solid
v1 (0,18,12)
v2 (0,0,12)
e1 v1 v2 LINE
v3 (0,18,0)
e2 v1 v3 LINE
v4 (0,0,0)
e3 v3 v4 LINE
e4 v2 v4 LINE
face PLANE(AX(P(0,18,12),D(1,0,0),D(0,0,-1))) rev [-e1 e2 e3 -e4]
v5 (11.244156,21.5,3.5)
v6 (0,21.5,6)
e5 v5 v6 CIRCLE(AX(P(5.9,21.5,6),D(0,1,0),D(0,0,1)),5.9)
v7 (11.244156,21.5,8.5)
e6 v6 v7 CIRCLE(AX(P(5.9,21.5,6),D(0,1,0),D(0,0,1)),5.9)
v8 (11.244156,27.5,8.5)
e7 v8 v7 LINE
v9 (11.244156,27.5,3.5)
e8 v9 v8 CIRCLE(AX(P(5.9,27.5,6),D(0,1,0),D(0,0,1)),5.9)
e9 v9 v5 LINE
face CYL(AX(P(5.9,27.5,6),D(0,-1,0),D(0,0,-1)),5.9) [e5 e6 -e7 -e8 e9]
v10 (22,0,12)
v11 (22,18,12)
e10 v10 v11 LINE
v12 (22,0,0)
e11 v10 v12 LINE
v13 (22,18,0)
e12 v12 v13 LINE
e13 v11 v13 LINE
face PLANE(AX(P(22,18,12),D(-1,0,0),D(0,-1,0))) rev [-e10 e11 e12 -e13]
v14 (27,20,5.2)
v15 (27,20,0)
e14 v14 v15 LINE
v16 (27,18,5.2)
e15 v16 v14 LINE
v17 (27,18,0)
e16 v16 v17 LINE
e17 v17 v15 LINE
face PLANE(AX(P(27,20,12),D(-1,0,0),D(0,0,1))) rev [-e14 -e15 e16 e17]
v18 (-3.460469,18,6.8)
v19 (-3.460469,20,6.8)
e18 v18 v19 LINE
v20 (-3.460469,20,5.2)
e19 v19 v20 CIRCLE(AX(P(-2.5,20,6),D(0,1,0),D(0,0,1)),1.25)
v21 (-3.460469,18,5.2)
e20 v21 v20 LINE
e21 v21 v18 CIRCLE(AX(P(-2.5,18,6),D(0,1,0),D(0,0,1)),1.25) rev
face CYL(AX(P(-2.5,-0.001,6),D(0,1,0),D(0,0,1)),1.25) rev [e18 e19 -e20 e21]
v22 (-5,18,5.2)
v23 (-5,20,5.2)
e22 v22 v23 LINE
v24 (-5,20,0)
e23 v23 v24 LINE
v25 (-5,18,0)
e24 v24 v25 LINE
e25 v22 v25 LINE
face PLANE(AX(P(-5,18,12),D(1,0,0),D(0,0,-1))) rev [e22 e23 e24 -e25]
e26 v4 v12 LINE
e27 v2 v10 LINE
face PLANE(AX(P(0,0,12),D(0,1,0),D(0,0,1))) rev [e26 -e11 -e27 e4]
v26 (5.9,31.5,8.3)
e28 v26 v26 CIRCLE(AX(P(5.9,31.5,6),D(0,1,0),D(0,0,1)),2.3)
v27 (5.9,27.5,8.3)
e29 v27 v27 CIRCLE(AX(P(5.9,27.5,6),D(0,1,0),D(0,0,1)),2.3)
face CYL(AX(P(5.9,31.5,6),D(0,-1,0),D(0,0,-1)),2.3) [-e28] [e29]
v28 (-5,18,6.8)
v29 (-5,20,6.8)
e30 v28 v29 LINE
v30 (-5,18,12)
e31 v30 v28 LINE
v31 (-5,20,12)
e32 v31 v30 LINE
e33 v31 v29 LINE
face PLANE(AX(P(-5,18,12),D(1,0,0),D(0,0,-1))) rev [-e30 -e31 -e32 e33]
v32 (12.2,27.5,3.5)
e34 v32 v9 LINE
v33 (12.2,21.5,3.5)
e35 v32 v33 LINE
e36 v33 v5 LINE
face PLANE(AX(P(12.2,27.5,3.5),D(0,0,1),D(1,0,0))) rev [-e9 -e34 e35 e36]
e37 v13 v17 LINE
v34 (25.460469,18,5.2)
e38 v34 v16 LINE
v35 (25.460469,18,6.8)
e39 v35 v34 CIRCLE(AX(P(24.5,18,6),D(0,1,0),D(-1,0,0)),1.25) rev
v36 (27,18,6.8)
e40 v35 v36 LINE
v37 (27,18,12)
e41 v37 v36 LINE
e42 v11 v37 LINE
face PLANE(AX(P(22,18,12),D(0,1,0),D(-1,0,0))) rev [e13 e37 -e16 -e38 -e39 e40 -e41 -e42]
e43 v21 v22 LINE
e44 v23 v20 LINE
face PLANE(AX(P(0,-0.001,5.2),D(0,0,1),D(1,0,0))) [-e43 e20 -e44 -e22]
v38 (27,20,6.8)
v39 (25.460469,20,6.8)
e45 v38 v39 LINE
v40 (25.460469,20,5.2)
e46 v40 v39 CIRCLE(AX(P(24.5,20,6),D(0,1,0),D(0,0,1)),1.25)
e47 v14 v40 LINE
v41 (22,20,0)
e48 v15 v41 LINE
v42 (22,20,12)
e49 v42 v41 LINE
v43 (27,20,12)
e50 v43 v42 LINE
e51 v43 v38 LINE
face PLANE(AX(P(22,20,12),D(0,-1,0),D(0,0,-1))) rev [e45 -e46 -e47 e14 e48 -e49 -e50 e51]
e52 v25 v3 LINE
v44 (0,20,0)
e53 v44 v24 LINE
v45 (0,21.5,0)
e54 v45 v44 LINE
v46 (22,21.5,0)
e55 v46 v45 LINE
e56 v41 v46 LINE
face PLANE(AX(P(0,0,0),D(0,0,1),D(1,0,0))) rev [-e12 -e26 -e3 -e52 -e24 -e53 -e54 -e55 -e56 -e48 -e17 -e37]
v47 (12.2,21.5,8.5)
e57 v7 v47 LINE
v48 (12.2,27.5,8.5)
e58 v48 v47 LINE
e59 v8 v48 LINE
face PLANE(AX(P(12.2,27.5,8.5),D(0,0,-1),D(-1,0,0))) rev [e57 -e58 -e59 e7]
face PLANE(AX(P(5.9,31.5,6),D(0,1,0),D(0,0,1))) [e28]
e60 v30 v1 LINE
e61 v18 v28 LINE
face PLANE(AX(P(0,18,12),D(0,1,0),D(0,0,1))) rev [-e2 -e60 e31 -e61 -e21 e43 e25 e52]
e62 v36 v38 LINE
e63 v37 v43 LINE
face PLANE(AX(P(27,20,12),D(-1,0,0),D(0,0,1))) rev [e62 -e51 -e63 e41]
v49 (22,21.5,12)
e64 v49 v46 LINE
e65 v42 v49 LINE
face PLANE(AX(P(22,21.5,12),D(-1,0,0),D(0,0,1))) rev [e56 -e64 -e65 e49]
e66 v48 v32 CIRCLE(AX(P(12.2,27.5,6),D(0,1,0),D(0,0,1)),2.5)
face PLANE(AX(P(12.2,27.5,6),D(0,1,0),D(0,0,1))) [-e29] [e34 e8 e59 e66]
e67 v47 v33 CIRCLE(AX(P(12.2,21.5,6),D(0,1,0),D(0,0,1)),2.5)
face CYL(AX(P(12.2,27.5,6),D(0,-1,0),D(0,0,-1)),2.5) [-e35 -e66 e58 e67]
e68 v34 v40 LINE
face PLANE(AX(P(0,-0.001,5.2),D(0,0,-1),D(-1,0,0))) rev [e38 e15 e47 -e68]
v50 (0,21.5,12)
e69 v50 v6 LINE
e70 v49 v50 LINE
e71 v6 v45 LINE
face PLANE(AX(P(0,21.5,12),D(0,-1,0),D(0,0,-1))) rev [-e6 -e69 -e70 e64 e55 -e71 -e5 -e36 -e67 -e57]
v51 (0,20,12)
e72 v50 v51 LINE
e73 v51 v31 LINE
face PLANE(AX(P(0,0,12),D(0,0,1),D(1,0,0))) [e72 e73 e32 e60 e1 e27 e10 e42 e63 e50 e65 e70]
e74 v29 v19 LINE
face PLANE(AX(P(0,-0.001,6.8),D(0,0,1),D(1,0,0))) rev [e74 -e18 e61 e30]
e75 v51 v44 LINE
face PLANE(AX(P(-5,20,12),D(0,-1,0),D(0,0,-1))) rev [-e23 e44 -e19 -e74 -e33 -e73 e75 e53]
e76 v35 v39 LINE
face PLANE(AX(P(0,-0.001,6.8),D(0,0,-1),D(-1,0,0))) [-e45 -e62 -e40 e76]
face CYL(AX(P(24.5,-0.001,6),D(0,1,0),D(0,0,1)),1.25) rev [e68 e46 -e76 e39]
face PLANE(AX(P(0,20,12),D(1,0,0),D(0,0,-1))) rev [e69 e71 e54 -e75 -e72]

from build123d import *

# Parameters (mm, degrees)
EXTRUDE_1_DEPTH     = 12
SKETCH_2_R          = 2.3
EXTRUDE_2_DEPTH     = 6
SKETCH_3_R          = 2.3
EXTRUDE_3_DEPTH     = 10
CUT_EXTRUDE_1_REACH = 37.679


with BuildPart() as part:
    # 草图1 → 凸台-拉伸1 (new body)
    with BuildSketch(Plane.XY):
        Polygon((0, 0), (22, 0), (22, 18), (27, 18), (27, 20), (22, 20), (22, 21.5), (0, 21.5), (0, 20), (-5, 20), (-5, 18), (0, 18), align=None)
    extrude(amount=EXTRUDE_1_DEPTH)

    # 草图2 → 凸台-拉伸2 (add)
    with BuildSketch(Plane(origin=(0, 21.5, 0), x_dir=(1, 0, 0), z_dir=(0, 1, 0))):
        with BuildLine():
            Line((12.2, -3.5), (11.244155686, -3.5))
            ThreePointArc((11.244155686, -3.5), (0, -6), (11.244155686, -8.5))
            Line((11.244155686, -8.5), (12.2, -8.5))
            ThreePointArc((12.2, -8.5), (14.7, -6), (12.2, -3.5))
        make_face()
        with Locations(Location((5.9, -6, 0), (0, 0, 270))):
            Circle(SKETCH_2_R, mode=Mode.SUBTRACT)
    extrude(amount=EXTRUDE_2_DEPTH)

    # 草图3 → 凸台-拉伸3 (add)
    with BuildSketch(Plane(origin=(0, 21.5, 0), x_dir=(1, 0, 0), z_dir=(0, 1, 0))):
        with Locations(Location((5.9, -6, 0), (0, 0, 270))):
            Circle(SKETCH_3_R)
    extrude(amount=EXTRUDE_3_DEPTH)

    # 草图4 → 切除-拉伸1 (cut, up to next)
    with BuildSketch(Plane(origin=(0, 20, 0), x_dir=(1, 0, 0), z_dir=(0, 1, 0)), mode=Mode.PRIVATE) as cut_extrude_1_sk1:
        with BuildLine():
            Line((27, -5.2), (27, -6.8))
            Line((27, -6.8), (25.460468636, -6.8))
            ThreePointArc((25.460468636, -6.8), (23.25, -6), (25.460468636, -5.2))
            Line((25.460468636, -5.2), (27, -5.2))
        make_face()
    cut_extrude_1_tool1 = extrude(cut_extrude_1_sk1.sketch, amount=-CUT_EXTRUDE_1_REACH, mode=Mode.PRIVATE) & part.part
    # 草图4 → 切除-拉伸1 (cut, up to next)
    with BuildSketch(Plane(origin=(0, 20, 0), x_dir=(1, 0, 0), z_dir=(0, 1, 0)), mode=Mode.PRIVATE) as cut_extrude_1_sk2:
        with BuildLine():
            Line((-5, -5.2), (-5, -6.8))
            Line((-5, -6.8), (-3.460468636, -6.8))
            ThreePointArc((-3.460468636, -6.8), (-1.25, -6), (-3.460468636, -5.2))
            Line((-3.460468636, -5.2), (-5, -5.2))
        make_face()
    cut_extrude_1_tool2 = extrude(cut_extrude_1_sk2.sketch, amount=-CUT_EXTRUDE_1_REACH, mode=Mode.PRIVATE) & part.part
    add(cut_extrude_1_tool1.solids().sort_by_distance((25.055712, 20, 6))[0], mode=Mode.SUBTRACT)
    add(cut_extrude_1_tool2.solids().sort_by_distance((-3.055712, 20, 6))[0], mode=Mode.SUBTRACT)


solid = part.part
